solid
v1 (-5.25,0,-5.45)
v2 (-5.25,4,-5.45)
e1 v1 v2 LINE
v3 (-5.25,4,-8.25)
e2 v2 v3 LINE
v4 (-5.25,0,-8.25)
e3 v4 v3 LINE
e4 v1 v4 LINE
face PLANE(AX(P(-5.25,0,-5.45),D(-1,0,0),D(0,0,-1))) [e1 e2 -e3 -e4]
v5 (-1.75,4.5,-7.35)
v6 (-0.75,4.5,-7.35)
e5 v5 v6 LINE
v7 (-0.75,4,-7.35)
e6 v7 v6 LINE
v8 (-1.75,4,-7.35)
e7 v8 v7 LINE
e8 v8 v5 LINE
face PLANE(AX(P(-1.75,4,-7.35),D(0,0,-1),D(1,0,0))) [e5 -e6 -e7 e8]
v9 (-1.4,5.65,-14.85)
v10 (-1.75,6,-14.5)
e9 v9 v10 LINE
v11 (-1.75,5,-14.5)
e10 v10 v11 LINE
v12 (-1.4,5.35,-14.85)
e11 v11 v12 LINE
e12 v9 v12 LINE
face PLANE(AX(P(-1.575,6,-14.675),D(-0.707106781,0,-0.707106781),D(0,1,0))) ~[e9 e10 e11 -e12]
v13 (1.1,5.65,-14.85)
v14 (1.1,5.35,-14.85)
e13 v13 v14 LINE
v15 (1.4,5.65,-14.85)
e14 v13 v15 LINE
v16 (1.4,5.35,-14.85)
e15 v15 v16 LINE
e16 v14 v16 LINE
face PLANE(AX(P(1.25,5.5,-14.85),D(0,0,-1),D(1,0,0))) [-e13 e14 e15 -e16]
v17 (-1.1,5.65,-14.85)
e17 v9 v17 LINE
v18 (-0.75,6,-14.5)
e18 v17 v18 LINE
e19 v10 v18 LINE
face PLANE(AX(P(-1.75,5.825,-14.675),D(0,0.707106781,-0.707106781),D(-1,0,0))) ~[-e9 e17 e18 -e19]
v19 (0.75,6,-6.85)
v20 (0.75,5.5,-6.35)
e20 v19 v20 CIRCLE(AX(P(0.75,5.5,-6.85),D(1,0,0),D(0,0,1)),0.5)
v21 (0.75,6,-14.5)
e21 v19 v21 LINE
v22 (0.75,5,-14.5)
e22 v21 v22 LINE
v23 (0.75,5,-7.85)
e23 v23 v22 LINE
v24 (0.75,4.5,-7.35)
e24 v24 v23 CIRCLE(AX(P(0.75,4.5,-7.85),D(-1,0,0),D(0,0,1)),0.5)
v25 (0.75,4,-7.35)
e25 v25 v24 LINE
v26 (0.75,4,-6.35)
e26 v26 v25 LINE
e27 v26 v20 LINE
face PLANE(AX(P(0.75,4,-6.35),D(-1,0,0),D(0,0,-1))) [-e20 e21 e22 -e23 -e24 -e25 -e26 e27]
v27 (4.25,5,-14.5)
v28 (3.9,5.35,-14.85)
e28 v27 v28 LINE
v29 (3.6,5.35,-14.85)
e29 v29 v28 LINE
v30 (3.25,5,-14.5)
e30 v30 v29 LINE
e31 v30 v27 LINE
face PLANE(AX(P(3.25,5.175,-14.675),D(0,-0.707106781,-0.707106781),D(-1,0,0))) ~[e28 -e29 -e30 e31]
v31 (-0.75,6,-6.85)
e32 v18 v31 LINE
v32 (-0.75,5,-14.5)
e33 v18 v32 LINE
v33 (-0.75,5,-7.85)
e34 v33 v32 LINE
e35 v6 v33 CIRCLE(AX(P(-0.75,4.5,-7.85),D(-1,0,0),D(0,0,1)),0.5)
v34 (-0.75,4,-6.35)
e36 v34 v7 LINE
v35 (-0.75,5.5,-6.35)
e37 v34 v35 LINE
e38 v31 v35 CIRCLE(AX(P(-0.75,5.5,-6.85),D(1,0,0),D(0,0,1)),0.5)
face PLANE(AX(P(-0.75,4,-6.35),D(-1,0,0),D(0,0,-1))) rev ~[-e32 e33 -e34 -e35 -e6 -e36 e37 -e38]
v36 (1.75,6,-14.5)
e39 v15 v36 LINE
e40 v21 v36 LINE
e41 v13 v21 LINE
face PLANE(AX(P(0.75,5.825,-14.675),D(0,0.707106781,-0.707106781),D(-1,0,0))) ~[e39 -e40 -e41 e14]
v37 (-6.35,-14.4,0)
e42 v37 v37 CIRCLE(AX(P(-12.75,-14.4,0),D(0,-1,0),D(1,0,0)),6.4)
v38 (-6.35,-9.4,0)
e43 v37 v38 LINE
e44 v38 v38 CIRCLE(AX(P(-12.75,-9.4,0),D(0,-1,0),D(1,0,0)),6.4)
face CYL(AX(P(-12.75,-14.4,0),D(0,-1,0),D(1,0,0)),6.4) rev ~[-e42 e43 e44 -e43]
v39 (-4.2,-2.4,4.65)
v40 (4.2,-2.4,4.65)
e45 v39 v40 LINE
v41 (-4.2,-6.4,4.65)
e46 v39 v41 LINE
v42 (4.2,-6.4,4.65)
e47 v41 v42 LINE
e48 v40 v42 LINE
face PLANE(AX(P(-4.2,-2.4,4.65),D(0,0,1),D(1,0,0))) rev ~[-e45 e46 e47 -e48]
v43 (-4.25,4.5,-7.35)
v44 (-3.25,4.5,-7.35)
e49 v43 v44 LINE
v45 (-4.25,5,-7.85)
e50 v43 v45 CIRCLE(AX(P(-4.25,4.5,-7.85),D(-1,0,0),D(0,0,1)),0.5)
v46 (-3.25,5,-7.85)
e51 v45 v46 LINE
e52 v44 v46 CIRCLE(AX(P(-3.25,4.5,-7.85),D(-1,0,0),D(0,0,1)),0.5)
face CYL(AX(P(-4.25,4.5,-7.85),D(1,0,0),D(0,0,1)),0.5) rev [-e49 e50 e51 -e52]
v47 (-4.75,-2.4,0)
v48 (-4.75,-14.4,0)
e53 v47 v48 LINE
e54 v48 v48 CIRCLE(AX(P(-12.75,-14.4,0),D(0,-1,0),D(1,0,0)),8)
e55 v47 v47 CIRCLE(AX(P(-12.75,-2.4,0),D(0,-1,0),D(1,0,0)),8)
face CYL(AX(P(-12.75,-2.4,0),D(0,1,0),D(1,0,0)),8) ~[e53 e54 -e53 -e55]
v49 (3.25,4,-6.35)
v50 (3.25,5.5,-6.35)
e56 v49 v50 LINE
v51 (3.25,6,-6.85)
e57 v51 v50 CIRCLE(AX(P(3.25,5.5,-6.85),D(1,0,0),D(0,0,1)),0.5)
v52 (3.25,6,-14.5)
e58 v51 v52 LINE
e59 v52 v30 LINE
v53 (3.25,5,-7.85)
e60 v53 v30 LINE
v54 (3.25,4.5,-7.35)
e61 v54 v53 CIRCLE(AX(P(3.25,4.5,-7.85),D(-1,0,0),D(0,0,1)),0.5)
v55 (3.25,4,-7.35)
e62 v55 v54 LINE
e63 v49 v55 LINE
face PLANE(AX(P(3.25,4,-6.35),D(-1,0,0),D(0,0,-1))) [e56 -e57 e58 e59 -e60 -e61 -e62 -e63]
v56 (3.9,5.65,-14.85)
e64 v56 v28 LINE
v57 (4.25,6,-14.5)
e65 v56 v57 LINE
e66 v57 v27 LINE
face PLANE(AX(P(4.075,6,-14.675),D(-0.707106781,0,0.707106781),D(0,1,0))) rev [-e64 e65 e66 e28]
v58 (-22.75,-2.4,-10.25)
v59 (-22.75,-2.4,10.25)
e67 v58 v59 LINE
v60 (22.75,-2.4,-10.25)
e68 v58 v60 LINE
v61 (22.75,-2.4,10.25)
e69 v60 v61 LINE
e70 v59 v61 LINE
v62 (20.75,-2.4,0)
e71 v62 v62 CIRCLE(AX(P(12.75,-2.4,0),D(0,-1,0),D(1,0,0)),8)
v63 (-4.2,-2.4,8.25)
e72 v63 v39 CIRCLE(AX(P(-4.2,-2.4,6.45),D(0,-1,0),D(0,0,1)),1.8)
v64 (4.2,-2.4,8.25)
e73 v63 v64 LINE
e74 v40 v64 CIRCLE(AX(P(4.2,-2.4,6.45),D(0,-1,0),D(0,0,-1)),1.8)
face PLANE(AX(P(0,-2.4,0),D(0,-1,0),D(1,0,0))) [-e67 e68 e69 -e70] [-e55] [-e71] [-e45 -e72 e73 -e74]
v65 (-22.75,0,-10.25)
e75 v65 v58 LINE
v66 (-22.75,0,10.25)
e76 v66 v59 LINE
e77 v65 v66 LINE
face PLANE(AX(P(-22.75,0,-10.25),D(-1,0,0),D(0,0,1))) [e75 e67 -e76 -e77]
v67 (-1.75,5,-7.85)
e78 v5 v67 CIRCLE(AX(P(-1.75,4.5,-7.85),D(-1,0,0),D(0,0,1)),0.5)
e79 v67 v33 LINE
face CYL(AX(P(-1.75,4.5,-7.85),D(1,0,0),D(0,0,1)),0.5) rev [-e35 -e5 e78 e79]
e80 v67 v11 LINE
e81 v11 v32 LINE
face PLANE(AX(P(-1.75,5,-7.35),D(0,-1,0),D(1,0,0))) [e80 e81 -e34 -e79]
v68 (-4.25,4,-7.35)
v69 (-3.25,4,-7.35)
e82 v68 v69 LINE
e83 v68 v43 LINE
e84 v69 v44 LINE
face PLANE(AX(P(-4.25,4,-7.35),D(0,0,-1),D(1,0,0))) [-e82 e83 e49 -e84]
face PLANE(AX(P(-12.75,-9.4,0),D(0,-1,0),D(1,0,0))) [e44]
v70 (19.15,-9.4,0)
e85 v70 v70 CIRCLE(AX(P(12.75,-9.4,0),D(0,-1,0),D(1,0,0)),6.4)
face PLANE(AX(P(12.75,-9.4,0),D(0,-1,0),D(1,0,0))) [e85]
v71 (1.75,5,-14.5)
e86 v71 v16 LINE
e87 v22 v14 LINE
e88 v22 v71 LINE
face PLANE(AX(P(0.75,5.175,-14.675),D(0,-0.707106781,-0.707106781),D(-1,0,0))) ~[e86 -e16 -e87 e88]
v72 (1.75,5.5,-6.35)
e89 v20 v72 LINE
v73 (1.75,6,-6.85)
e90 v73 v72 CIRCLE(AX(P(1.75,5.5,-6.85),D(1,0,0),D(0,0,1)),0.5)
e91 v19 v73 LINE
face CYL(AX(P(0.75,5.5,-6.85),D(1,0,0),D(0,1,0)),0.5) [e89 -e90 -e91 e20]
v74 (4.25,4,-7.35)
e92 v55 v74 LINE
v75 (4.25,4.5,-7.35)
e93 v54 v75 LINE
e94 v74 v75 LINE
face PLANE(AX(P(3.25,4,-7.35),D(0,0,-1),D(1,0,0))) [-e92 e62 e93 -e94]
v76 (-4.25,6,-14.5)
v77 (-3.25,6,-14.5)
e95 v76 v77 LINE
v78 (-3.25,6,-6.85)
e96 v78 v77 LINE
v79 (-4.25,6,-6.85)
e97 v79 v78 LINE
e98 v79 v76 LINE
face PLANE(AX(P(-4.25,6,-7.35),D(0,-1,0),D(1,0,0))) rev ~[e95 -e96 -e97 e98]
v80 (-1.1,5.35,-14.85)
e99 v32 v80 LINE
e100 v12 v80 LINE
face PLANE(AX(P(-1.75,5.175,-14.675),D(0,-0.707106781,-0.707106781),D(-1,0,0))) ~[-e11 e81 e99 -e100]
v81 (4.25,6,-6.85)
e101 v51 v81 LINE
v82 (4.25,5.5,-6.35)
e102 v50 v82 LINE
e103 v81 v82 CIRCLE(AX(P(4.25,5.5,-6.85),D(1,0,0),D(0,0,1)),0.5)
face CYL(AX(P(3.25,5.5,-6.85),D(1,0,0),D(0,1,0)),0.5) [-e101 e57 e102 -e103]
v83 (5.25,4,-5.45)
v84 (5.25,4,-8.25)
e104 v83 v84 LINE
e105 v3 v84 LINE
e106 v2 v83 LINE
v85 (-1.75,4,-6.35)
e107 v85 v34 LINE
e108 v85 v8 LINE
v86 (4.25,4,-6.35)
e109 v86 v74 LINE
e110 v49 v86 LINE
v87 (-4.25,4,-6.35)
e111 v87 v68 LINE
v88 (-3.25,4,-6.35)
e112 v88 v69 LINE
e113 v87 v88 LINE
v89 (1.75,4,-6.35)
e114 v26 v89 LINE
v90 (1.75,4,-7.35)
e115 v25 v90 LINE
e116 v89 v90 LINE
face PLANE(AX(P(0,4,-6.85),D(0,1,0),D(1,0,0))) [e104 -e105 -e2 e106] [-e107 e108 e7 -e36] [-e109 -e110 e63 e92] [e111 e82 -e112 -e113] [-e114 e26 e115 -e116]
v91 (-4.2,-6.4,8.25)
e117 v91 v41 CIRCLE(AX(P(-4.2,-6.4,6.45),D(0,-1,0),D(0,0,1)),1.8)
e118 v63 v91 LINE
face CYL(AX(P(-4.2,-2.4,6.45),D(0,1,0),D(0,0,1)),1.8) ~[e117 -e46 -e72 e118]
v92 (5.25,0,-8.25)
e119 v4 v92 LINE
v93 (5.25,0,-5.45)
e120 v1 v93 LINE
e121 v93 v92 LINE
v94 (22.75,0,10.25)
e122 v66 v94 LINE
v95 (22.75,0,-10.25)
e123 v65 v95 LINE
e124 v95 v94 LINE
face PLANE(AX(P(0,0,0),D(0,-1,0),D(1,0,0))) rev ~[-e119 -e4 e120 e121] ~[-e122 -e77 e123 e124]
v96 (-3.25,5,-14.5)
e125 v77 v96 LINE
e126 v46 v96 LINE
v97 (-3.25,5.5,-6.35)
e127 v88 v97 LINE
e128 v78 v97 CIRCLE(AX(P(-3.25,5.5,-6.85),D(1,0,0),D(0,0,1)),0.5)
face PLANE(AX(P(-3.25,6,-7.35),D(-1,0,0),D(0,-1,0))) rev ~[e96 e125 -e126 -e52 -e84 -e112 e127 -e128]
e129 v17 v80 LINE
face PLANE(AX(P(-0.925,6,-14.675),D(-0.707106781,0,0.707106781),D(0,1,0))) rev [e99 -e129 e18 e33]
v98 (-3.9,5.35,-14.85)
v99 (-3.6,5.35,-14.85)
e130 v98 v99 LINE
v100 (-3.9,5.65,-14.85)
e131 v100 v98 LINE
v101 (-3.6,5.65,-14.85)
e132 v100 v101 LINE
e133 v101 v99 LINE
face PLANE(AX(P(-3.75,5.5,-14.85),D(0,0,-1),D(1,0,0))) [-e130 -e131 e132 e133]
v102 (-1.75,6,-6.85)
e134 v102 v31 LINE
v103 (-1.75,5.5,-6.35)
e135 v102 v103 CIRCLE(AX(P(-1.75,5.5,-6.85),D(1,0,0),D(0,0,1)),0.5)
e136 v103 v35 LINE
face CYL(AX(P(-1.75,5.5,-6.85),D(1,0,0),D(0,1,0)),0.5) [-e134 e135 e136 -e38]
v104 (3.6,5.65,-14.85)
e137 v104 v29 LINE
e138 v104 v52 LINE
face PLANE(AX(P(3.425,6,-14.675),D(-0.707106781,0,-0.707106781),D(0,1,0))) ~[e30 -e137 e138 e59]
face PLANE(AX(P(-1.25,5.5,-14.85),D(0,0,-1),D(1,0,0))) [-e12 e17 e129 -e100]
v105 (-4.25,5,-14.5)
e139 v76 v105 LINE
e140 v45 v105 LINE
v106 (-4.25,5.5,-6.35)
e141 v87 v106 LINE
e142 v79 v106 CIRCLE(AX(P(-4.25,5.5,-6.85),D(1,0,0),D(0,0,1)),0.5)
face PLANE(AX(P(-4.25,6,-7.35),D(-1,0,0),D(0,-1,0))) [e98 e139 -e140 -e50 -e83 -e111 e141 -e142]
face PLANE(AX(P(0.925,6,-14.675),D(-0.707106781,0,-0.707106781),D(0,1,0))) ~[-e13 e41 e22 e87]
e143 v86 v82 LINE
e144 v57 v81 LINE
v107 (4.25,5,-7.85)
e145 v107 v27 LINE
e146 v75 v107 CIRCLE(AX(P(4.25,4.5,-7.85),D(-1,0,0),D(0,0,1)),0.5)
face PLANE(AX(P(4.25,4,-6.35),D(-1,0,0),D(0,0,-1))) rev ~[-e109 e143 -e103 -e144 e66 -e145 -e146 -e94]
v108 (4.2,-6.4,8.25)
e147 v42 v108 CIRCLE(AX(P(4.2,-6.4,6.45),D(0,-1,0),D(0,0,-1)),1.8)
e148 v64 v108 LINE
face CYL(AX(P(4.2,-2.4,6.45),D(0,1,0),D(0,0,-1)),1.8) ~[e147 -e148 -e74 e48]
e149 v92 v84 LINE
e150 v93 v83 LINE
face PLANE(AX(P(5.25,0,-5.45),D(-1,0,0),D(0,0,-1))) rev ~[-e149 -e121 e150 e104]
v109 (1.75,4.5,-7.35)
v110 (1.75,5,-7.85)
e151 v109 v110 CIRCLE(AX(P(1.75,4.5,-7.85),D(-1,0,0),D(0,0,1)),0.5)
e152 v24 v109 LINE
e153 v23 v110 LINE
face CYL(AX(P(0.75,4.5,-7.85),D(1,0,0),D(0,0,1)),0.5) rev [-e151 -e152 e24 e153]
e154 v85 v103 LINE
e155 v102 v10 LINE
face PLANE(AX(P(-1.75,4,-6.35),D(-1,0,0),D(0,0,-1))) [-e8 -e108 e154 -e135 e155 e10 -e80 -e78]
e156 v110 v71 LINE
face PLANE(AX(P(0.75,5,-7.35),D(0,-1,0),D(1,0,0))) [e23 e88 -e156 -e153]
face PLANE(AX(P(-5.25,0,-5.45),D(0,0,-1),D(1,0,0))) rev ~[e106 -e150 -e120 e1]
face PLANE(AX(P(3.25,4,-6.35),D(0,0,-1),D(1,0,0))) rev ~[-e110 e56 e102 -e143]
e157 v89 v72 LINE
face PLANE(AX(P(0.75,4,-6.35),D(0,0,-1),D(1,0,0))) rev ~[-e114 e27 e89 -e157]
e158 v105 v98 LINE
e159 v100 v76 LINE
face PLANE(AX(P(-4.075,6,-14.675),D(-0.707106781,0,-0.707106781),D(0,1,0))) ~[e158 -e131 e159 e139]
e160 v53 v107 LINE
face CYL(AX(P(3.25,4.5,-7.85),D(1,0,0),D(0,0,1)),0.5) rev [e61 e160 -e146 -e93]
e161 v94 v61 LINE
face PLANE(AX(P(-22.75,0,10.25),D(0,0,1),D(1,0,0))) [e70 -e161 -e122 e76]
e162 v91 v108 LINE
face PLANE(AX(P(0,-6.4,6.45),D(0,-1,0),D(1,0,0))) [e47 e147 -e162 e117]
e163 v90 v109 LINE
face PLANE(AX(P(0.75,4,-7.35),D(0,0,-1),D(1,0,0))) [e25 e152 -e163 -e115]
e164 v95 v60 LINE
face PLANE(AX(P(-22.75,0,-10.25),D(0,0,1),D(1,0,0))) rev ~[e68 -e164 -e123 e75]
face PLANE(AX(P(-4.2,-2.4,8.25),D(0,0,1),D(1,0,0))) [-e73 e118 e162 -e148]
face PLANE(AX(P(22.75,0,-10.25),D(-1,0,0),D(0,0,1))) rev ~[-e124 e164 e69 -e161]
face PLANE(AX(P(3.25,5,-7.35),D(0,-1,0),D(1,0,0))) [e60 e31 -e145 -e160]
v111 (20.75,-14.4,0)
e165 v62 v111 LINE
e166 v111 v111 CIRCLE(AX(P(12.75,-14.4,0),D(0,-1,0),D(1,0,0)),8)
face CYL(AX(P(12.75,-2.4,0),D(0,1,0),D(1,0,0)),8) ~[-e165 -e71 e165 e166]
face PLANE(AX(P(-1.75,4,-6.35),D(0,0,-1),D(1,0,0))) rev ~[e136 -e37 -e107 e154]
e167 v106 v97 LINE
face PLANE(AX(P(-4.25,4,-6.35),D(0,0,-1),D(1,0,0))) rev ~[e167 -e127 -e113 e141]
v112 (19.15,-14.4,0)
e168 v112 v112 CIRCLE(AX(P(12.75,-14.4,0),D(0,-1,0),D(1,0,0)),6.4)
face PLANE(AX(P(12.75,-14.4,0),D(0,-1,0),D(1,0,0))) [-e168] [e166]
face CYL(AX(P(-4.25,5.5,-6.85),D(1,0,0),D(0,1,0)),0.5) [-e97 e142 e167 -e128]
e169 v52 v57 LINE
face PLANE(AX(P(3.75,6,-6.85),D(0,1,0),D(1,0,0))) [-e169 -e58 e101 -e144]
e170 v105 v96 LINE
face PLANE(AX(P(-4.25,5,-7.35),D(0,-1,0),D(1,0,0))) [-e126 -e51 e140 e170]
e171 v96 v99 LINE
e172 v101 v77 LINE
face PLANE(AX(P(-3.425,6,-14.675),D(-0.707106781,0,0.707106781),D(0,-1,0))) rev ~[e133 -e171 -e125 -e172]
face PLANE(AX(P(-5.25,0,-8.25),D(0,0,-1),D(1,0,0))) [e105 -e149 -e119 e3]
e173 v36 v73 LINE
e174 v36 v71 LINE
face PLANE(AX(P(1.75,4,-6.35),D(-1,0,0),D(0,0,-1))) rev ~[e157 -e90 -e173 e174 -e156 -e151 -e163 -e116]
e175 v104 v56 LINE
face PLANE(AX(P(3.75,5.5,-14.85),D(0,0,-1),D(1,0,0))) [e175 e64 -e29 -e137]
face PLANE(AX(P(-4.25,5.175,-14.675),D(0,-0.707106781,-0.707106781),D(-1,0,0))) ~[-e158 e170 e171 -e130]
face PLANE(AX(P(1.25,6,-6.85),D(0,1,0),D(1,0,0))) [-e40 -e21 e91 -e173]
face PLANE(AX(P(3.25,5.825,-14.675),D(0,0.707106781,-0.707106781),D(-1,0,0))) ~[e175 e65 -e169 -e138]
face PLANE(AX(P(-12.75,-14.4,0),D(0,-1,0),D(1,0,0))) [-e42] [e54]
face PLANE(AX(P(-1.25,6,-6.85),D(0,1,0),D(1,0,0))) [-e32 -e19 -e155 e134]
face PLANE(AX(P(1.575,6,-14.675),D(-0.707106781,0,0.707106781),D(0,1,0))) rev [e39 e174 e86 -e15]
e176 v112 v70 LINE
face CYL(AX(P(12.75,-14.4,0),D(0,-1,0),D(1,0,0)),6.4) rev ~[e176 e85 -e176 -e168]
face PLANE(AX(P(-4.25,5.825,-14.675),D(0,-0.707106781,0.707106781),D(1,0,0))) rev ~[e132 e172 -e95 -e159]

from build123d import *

# Parameters (mm, degrees)
SKETCH_W     = 45.5
SKETCH_H     = 20.5
PAD_DEPTH    = 2.4
SKETCH001_R  = 8
PAD001_DEPTH = 12
SKETCH002_R  = 6.4
POCKET_DEPTH = 5
PAD002_DEPTH = 4
SKETCH004_W  = 10.5
SKETCH004_H  = 2.8
PAD003_DEPTH = 4
SKETCH005_W  = 1
SKETCH005_H  = 1
PAD004_DEPTH = 2
SKETCH006_W  = 1
SKETCH006_H  = 1
PAD005_DEPTH = 7.5
FILLET_R     = 0.5
FILLET001_R  = 0.5
CHAMFER_SIZE = 0.35


with BuildPart() as part:
    # Sketch → Pad (new body)
    with BuildSketch(Plane.XZ):
        Rectangle(SKETCH_W, SKETCH_H)
    extrude(amount=PAD_DEPTH)

    # Sketch001 → Pad001 (new body)
    with BuildSketch(Plane.XZ.offset(2.4)):
        with Locations((-12.75, 0)):
            Circle(SKETCH001_R)
        with Locations((12.75, 0)):
            Circle(SKETCH001_R)
    extrude(amount=PAD001_DEPTH)

    # Sketch002 → Pocket (cut)
    with BuildSketch(Plane.XZ.offset(14.4)):
        with Locations((-12.75, 0)):
            Circle(SKETCH002_R)
        with Locations((12.75, 0)):
            Circle(SKETCH002_R)
    extrude(amount=-POCKET_DEPTH, mode=Mode.SUBTRACT)

    # Sketch003 → Pad002 (new body)
    with BuildSketch(Plane.XZ.offset(2.4)):
        with BuildLine():
            ThreePointArc((-4.2, 8.25), (-6, 6.45), (-4.2, 4.65))
            Line((-4.2, 4.65), (4.2, 4.65))
            ThreePointArc((4.2, 4.65), (6, 6.45), (4.2, 8.25))
            Line((-4.2, 8.25), (4.2, 8.25))
        make_face()
    extrude(amount=PAD002_DEPTH)

    # Sketch004 → Pad003 (new body)
    with BuildSketch(Plane(origin=(0, 0, 0), x_dir=(1, 0, 0), z_dir=(0, 1, 0))):
        with Locations((0, 6.85)):
            Rectangle(SKETCH004_W, SKETCH004_H)
    extrude(amount=PAD003_DEPTH)

    # Sketch005 → Pad004 (new body)
    with BuildSketch(Plane(origin=(0, 4, 0), x_dir=(1, 0, 0), z_dir=(0, 1, 0))):
        with Locations((-3.75, 6.85)):
            Rectangle(SKETCH005_W, SKETCH005_H)
        with Locations((-1.25, 6.85)):
            Rectangle(SKETCH005_W, SKETCH005_H)
        with Locations((1.25, 6.85)):
            Rectangle(SKETCH005_W, SKETCH005_H)
        with Locations((3.75, 6.85)):
            Rectangle(SKETCH005_W, SKETCH005_H)
    extrude(amount=PAD004_DEPTH)

    # Sketch006 → Pad005 (new body)
    with BuildSketch(Plane(origin=(0, 0, -7.35), x_dir=(1, 0, 0), z_dir=(0, 0, -1))):
        with Locations((-3.75, -5.5)):
            Rectangle(SKETCH006_W, SKETCH006_H)
        with Locations((-1.25, -5.5)):
            Rectangle(SKETCH006_W, SKETCH006_H)
        with Locations((1.25, -5.5)):
            Rectangle(SKETCH006_W, SKETCH006_H)
        with Locations((3.75, -5.5)):
            Rectangle(SKETCH006_W, SKETCH006_H)
    extrude(amount=PAD005_DEPTH)

    # Fillet
    fillet_edges = [part.edges().sort_by_distance(p)[0] for p in [
        (-3.75, 6, -6.35),
        (-1.25, 6, -6.35),
        (1.25, 6, -6.35),
        (3.75, 6, -6.35),
    ]]
    fillet(fillet_edges, radius=FILLET_R)

    # Fillet001
    fillet001_edges = [part.edges().sort_by_distance(p)[0] for p in [
        (3.75, 5, -7.35),
        (1.25, 5, -7.35),
        (-1.25, 5, -7.35),
        (-3.75, 5, -7.35),
    ]]
    fillet(fillet001_edges, radius=FILLET001_R)

    # Chamfer
    chamfer_edges = [part.edges().sort_by_distance(p)[0] for p in [
        (-3.75, 6, -14.85),
        (-4.25, 5.5, -14.85),
        (-3.75, 5, -14.85),
        (-3.25, 5.5, -14.85),
        (-1.25, 6, -14.85),
        (-1.75, 5.5, -14.85),
        (-1.25, 5, -14.85),
        (-0.75, 5.5, -14.85),
        (1.25, 6, -14.85),
        (0.75, 5.5, -14.85),
        (1.25, 5, -14.85),
        (1.75, 5.5, -14.85),
        (3.75, 6, -14.85),
        (3.25, 5.5, -14.85),
        (3.75, 5, -14.85),
        (4.25, 5.5, -14.85),
    ]]
    chamfer(chamfer_edges, length=CHAMFER_SIZE)


solid = part.part
